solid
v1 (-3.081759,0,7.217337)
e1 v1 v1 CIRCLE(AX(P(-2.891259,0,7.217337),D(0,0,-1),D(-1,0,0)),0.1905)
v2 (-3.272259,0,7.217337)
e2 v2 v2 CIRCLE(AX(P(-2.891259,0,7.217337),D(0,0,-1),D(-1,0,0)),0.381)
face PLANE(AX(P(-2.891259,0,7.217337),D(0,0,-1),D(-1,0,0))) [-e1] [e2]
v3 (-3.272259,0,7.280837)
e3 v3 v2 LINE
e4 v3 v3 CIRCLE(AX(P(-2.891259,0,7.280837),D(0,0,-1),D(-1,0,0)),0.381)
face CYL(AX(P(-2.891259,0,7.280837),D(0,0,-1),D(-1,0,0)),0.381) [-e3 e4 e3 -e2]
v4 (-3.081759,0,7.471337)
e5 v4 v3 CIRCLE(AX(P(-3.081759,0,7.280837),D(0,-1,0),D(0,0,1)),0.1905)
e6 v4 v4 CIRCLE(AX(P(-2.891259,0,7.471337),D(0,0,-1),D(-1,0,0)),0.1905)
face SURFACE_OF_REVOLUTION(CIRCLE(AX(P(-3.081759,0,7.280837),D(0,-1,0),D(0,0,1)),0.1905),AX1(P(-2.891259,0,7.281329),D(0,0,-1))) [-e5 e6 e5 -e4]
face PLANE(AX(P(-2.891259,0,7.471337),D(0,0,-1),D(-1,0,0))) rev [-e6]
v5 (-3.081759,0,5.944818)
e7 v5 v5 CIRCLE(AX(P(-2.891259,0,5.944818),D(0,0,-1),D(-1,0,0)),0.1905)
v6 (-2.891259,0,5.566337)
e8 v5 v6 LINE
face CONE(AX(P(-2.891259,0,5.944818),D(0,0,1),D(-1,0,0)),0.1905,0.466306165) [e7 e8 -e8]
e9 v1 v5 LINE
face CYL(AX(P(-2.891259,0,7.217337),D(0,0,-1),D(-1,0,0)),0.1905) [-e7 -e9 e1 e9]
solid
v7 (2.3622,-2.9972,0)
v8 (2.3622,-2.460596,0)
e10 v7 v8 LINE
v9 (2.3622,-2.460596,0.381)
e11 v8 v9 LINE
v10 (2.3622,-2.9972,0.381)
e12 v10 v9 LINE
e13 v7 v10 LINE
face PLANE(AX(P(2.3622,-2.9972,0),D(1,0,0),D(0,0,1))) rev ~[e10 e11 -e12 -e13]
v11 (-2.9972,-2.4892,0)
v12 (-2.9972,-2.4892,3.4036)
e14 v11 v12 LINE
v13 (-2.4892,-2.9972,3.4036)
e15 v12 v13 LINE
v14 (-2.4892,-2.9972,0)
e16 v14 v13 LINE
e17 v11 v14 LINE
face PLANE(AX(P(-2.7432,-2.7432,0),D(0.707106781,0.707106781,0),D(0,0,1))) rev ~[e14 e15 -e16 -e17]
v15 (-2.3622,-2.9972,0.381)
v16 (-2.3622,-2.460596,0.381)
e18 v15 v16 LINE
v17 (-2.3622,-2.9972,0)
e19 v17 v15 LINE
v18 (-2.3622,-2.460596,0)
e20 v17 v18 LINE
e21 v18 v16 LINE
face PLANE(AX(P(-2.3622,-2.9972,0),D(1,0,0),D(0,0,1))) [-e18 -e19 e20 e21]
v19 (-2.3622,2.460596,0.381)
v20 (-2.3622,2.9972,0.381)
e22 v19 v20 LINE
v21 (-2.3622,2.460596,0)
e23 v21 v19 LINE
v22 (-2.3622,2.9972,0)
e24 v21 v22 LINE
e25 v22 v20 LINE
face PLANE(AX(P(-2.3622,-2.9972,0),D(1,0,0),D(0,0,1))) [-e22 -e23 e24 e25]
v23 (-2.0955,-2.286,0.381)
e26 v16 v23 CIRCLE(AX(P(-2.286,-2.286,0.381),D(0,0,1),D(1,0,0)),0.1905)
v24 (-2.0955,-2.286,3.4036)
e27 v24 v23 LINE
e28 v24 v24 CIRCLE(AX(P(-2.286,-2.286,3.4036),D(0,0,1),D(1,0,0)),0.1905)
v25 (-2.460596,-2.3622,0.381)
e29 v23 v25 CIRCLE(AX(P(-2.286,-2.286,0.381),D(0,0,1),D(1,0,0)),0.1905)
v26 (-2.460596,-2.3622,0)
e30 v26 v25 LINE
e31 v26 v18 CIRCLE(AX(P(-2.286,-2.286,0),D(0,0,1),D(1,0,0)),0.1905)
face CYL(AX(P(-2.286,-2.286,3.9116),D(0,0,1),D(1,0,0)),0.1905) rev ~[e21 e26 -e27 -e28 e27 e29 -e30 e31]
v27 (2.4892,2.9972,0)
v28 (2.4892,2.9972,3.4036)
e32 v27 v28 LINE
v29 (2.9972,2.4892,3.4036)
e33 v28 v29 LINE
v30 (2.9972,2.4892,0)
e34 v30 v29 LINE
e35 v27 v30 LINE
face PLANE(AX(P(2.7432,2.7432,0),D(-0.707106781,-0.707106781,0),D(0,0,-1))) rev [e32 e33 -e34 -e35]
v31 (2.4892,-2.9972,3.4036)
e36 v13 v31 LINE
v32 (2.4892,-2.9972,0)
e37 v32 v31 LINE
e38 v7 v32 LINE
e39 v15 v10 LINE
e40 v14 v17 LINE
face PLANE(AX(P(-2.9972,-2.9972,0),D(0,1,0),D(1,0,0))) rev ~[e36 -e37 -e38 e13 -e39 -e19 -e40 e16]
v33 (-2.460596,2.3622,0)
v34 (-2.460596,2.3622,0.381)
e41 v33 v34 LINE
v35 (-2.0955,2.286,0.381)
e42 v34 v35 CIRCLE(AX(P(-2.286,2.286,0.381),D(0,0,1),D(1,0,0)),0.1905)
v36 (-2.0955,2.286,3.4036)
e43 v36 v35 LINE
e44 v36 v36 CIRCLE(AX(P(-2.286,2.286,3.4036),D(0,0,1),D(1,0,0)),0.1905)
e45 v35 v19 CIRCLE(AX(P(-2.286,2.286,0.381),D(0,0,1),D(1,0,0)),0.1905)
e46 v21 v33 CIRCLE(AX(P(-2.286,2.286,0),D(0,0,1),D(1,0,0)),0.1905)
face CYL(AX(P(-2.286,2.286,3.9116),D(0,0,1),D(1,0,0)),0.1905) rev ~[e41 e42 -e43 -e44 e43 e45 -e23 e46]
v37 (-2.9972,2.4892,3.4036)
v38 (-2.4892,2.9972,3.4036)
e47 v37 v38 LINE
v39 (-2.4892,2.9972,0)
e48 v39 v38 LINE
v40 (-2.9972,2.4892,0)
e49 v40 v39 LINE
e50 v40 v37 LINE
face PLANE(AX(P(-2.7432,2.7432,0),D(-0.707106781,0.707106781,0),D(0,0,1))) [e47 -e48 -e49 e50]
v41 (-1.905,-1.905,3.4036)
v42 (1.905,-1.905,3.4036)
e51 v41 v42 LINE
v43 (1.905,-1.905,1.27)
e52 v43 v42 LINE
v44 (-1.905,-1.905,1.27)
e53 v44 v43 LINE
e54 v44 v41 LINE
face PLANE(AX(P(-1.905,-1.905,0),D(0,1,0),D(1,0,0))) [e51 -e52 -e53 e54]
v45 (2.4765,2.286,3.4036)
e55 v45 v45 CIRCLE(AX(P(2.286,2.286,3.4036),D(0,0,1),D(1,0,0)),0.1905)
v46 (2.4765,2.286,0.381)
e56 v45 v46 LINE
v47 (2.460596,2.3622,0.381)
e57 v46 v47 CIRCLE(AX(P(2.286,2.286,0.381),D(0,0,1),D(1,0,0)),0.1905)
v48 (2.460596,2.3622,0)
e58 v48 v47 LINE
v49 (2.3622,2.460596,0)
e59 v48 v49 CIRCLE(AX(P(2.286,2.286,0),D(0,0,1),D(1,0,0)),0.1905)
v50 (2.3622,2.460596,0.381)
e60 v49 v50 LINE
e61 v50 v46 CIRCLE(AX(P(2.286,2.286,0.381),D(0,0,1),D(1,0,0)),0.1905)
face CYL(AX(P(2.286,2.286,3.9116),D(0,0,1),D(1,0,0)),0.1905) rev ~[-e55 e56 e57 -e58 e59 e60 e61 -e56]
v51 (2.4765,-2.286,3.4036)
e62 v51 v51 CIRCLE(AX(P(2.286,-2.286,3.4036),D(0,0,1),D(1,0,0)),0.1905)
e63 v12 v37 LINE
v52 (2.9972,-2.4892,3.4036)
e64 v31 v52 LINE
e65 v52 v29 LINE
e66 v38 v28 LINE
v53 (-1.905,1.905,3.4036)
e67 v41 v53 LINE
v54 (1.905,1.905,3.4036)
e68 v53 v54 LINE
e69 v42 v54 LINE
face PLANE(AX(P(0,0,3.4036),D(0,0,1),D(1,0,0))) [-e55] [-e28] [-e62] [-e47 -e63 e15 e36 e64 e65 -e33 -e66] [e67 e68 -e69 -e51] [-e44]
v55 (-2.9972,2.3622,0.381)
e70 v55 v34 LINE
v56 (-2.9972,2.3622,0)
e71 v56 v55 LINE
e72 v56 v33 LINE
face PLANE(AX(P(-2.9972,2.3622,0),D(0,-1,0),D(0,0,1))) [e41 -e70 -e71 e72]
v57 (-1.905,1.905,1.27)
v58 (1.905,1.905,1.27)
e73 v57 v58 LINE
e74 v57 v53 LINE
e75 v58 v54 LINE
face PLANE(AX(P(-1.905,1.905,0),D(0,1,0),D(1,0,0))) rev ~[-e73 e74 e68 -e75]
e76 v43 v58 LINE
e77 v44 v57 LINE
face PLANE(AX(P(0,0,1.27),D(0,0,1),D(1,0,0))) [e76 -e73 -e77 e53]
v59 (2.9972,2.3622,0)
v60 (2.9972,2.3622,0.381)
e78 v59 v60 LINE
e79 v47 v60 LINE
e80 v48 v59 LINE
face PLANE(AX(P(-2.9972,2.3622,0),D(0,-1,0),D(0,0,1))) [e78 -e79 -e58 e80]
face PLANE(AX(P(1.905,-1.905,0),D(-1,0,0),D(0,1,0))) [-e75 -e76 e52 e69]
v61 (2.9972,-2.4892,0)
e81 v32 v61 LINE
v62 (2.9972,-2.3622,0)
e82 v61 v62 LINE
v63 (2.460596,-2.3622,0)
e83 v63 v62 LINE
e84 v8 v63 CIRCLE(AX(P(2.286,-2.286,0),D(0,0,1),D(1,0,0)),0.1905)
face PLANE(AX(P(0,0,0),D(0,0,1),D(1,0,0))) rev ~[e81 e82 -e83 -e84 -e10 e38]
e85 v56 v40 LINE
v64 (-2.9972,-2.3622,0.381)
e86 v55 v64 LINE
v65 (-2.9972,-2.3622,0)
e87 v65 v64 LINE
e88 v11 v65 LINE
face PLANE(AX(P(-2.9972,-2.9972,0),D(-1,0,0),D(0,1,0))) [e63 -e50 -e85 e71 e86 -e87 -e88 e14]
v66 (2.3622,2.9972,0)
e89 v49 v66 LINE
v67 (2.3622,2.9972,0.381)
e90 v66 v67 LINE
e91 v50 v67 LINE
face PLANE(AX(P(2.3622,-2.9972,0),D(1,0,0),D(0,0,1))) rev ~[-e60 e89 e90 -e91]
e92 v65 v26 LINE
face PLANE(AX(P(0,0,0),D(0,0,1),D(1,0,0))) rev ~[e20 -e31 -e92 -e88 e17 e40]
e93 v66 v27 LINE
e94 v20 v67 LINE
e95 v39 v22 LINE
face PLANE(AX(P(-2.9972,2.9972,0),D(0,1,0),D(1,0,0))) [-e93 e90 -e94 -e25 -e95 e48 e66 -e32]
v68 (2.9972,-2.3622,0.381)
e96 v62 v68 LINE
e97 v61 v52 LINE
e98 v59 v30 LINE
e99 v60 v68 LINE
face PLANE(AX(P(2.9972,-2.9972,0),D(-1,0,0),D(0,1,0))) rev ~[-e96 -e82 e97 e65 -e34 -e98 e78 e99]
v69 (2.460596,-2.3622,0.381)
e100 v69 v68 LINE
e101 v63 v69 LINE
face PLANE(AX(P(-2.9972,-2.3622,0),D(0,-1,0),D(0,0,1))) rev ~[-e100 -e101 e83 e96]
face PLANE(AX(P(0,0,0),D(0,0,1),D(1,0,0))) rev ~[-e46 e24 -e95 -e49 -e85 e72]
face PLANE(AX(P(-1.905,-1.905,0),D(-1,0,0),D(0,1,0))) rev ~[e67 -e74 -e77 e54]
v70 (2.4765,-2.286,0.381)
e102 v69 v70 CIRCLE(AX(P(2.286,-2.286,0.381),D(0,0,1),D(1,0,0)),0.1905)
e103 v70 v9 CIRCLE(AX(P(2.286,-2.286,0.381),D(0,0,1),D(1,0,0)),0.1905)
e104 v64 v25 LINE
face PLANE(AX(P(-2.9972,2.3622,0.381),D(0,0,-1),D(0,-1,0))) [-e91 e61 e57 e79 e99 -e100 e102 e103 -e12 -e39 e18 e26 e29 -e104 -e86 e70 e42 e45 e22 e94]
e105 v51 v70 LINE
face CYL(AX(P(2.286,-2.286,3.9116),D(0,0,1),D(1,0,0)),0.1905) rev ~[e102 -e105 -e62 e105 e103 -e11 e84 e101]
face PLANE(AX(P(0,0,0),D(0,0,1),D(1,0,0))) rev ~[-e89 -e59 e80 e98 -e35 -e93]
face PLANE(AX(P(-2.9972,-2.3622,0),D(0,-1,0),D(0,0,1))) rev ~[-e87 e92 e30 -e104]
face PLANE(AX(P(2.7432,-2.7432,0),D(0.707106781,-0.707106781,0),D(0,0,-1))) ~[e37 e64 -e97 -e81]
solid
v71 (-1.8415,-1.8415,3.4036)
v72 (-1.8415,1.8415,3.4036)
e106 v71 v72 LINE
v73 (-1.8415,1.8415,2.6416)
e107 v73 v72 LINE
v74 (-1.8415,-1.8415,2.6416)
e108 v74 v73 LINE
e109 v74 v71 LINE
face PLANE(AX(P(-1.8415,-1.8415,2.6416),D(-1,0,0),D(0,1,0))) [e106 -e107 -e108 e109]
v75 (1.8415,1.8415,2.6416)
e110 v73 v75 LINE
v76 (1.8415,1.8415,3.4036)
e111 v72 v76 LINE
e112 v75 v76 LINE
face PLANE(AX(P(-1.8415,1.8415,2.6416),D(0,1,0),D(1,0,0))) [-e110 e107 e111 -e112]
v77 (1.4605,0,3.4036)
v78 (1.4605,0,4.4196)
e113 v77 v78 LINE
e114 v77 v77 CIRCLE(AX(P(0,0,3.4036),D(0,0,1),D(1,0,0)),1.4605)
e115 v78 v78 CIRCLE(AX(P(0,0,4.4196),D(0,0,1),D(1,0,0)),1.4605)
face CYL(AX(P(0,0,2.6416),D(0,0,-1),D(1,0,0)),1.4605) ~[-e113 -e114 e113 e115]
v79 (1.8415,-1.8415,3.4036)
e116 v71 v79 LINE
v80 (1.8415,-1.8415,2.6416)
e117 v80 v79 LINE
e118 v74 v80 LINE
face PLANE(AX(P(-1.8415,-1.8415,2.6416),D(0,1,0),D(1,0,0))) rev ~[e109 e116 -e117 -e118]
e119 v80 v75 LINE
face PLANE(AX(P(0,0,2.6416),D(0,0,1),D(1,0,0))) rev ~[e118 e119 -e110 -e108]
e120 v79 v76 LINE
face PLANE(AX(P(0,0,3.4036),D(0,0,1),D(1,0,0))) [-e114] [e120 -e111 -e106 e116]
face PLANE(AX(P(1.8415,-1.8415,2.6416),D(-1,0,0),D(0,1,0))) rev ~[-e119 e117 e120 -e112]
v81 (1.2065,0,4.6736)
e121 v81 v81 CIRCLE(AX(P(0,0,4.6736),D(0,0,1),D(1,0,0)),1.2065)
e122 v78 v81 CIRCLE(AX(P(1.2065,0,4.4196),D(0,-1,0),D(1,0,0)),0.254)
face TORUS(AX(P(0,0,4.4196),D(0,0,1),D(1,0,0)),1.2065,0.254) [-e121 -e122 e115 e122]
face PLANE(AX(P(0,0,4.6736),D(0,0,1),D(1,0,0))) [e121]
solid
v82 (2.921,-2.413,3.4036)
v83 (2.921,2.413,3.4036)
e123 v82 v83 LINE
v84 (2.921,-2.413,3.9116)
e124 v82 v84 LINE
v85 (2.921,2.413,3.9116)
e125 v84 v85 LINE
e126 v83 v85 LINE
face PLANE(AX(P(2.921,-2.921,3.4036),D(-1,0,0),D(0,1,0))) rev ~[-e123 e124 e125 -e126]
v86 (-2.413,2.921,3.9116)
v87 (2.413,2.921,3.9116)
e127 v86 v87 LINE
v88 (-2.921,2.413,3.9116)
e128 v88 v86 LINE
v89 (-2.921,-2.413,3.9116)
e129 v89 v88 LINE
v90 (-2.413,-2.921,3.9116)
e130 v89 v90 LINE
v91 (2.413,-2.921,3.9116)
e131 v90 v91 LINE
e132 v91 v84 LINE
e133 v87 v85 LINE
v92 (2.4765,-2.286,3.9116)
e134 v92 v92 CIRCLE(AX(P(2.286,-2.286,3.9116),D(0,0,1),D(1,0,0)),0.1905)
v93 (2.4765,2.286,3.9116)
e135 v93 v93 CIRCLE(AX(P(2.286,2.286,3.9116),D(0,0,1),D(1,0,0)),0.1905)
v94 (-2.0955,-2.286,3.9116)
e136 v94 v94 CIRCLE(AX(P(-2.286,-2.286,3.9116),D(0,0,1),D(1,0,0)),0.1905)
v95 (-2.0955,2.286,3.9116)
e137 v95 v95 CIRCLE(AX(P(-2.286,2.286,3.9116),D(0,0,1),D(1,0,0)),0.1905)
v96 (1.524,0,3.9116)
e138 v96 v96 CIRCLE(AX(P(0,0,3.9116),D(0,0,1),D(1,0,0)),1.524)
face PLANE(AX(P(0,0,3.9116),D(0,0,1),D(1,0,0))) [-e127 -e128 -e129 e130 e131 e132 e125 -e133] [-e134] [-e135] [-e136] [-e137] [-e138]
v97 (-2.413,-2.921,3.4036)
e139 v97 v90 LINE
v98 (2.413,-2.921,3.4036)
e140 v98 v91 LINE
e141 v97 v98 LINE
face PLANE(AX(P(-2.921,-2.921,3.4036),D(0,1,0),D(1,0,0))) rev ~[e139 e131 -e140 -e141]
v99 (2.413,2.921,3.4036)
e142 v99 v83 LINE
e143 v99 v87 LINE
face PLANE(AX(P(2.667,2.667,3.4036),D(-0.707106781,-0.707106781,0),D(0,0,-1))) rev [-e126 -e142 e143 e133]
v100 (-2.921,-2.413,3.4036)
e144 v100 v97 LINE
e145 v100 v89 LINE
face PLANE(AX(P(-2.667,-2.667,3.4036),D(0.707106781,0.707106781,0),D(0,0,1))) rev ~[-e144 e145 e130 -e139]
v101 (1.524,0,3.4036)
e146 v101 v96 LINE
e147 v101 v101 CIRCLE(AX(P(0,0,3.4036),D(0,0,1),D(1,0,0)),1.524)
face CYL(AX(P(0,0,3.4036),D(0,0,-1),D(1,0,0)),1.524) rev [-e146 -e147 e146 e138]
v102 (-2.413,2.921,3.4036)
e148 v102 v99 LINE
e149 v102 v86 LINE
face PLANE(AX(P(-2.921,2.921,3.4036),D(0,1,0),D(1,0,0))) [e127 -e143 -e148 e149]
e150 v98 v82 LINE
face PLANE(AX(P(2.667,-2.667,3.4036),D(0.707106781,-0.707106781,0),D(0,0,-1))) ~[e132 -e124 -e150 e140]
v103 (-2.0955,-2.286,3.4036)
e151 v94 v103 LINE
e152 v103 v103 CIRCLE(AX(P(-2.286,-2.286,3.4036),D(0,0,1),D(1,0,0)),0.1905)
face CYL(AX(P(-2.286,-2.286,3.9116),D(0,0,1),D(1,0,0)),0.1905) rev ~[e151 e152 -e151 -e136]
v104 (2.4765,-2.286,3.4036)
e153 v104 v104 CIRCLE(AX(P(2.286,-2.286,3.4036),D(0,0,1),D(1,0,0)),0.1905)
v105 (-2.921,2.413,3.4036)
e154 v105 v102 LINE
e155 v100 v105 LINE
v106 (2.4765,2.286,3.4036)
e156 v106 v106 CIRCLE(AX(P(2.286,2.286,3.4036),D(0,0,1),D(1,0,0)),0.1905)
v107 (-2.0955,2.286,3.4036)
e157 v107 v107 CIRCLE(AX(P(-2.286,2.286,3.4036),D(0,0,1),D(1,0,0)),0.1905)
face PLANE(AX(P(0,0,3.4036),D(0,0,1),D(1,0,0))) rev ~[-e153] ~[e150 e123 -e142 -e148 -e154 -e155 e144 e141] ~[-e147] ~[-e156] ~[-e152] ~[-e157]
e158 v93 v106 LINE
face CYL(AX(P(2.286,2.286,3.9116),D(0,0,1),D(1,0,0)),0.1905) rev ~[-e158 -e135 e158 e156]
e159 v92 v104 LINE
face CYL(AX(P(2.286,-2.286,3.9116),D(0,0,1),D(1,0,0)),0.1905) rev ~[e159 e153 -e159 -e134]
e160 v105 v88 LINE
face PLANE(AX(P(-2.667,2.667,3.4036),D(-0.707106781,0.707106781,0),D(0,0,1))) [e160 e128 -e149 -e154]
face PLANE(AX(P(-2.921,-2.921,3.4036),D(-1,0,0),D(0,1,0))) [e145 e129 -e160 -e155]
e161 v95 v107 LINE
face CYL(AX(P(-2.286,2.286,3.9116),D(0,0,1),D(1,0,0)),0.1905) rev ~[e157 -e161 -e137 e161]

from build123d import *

# Parameters (mm, degrees)
F0_W      = 5.9944
F0_H      = 5.9944
F0_W_2    = 3.81
F0_H_2    = 3.81
F1_DEPTH  = 3.4036
F2_DEPTH  = 1.27
F3_W      = 4.7244
F3_H      = 0.381
F4_DEPTH  = 5.9944
F5_SIZE   = 0.508
F6_W      = 5.842
F6_H      = 5.842
F6_R      = 1.524
F7_DEPTH  = 0.508
F8_SIZE   = 0.508
F9_W      = 4.7244
F9_H      = 0.381
F10_DEPTH = 5.9944
F11_R     = 0.1905
F12_DEPTH = 25.4
F14_W     = 3.683
F14_H     = 3.683
F14_R     = 1.4605
F15_DEPTH = 0.762
F16_DEPTH = 2.032
F17_R     = 0.254


with BuildPart() as f1:
    # F0 (on Top) → F1 (new body)
    with BuildSketch(Plane.XY):
        Rectangle(F0_W, F0_H)
        Rectangle(F0_W_2, F0_H_2, mode=Mode.SUBTRACT)
    extrude(amount=F1_DEPTH)

    # F0 (on Top) → F2 (join)
    with BuildSketch(Plane.XY):
        Rectangle(F0_W_2, F0_H_2)
    extrude(amount=F2_DEPTH)

    # F3 (on face) → F4 (cut, through all)
    with BuildSketch(Plane.XZ.offset(2.9972)):
        with Locations((0, 0.1905)):
            Rectangle(F3_W, F3_H)
    extrude(amount=-F4_DEPTH, mode=Mode.SUBTRACT)

    # F5
    f5_edges = [f1.edges().sort_by_distance(p)[0] for p in [
        (-2.9972, -2.9972, 1.7018),
        (-2.9972, 2.9972, 1.7018),
        (2.9972, -2.9972, 1.7018),
        (2.9972, 2.9972, 1.7018),
    ]]
    chamfer(f5_edges, length=F5_SIZE)

    # F9 (on face) → F10 (cut, through all)
    with BuildSketch(Plane(origin=(-2.9972, 0, 0), x_dir=(0, -1, 0), z_dir=(-1, 0, 0))):
        with Locations((0, 0.1905)):
            Rectangle(F9_W, F9_H)
    extrude(amount=-F10_DEPTH, mode=Mode.SUBTRACT)


with BuildPart() as f7:
    # F6 (on face) → F7 (new body)
    with BuildSketch(Plane.XY.offset(3.4036)):
        Rectangle(F6_W, F6_H)
        Circle(F6_R, mode=Mode.SUBTRACT)
    extrude(amount=F7_DEPTH)

    # F8
    f8_edges = [f7.edges().sort_by_distance(p)[0] for p in [
        (-2.921, -2.921, 3.6576),
        (-2.921, 2.921, 3.6576),
        (2.921, 2.921, 3.6576),
        (2.921, -2.921, 3.6576),
    ]]
    chamfer(f8_edges, length=F8_SIZE)


with BuildPart() as f12_tool:
    # F11 (on face) → F12 (new body)
    with BuildSketch(Plane.XY.offset(3.9116)):
        with Locations((-2.286, 2.286)):
            Circle(F11_R)
        with Locations((-2.286, -2.286)):
            Circle(F11_R)
        with Locations((2.286, 2.286)):
            Circle(F11_R)
        with Locations((2.286, -2.286)):
            Circle(F11_R)
    extrude(amount=-F12_DEPTH)


with BuildPart() as f1_1:
    add(f1.part)

    # F12: cut by f12_tool
    add(f12_tool.part, mode=Mode.SUBTRACT)


with BuildPart() as f7_1:
    add(f7.part)

    # F12: cut by f12_tool
    add(f12_tool.part, mode=Mode.SUBTRACT)


with BuildPart() as f15:
    # F14 (on offset) → F15 (new body, through all)
    with BuildSketch(Plane.XY.offset(2.6416)):
        Rectangle(F14_W, F14_H)
        Circle(F14_R, mode=Mode.SUBTRACT)
    extrude(amount=F15_DEPTH)

    # F14 (on offset) → F16 (join)
    with BuildSketch(Plane.XY.offset(2.6416)):
        Circle(F14_R)
    extrude(amount=F16_DEPTH)

    # F17
    f17_edges = [f15.edges().sort_by_distance(p)[0] for p in [
        (-1.4605, 0, 4.6736),
    ]]
    fillet(f17_edges, radius=F17_R)


with BuildPart() as f19:
    # F18 (on Front) → F19 (revolve)
    with BuildSketch(Plane.XZ):
        with BuildLine():
            Line((-3.0817589723, 5.9448182583), (-2.8912589723, 5.5663371459))
            Line((-2.8912589723, 5.5663371459), (-2.8912589723, 7.4713371459))
            Line((-2.8912589723, 7.4713371459), (-3.0817589723, 7.4713371459))
            ThreePointArc((-3.0817589723, 7.4713371459), (-3.2164628141, 7.4155409877), (-3.2722589723, 7.2808371459))
            Line((-3.2722589723, 7.2808371459), (-3.2722589723, 7.2173371459))
            Line((-3.2722589723, 7.2173371459), (-3.0817589723, 7.2173371459))
            Line((-3.0817589723, 7.2173371459), (-3.0817589723, 5.9448182583))
        make_face()
    revolve(axis=Axis((-2.8912589723, 0, 7.2813290171), (0, 0, -1)))


solid = Compound([f1_1.part, f7_1.part, f15.part, f19.part])
